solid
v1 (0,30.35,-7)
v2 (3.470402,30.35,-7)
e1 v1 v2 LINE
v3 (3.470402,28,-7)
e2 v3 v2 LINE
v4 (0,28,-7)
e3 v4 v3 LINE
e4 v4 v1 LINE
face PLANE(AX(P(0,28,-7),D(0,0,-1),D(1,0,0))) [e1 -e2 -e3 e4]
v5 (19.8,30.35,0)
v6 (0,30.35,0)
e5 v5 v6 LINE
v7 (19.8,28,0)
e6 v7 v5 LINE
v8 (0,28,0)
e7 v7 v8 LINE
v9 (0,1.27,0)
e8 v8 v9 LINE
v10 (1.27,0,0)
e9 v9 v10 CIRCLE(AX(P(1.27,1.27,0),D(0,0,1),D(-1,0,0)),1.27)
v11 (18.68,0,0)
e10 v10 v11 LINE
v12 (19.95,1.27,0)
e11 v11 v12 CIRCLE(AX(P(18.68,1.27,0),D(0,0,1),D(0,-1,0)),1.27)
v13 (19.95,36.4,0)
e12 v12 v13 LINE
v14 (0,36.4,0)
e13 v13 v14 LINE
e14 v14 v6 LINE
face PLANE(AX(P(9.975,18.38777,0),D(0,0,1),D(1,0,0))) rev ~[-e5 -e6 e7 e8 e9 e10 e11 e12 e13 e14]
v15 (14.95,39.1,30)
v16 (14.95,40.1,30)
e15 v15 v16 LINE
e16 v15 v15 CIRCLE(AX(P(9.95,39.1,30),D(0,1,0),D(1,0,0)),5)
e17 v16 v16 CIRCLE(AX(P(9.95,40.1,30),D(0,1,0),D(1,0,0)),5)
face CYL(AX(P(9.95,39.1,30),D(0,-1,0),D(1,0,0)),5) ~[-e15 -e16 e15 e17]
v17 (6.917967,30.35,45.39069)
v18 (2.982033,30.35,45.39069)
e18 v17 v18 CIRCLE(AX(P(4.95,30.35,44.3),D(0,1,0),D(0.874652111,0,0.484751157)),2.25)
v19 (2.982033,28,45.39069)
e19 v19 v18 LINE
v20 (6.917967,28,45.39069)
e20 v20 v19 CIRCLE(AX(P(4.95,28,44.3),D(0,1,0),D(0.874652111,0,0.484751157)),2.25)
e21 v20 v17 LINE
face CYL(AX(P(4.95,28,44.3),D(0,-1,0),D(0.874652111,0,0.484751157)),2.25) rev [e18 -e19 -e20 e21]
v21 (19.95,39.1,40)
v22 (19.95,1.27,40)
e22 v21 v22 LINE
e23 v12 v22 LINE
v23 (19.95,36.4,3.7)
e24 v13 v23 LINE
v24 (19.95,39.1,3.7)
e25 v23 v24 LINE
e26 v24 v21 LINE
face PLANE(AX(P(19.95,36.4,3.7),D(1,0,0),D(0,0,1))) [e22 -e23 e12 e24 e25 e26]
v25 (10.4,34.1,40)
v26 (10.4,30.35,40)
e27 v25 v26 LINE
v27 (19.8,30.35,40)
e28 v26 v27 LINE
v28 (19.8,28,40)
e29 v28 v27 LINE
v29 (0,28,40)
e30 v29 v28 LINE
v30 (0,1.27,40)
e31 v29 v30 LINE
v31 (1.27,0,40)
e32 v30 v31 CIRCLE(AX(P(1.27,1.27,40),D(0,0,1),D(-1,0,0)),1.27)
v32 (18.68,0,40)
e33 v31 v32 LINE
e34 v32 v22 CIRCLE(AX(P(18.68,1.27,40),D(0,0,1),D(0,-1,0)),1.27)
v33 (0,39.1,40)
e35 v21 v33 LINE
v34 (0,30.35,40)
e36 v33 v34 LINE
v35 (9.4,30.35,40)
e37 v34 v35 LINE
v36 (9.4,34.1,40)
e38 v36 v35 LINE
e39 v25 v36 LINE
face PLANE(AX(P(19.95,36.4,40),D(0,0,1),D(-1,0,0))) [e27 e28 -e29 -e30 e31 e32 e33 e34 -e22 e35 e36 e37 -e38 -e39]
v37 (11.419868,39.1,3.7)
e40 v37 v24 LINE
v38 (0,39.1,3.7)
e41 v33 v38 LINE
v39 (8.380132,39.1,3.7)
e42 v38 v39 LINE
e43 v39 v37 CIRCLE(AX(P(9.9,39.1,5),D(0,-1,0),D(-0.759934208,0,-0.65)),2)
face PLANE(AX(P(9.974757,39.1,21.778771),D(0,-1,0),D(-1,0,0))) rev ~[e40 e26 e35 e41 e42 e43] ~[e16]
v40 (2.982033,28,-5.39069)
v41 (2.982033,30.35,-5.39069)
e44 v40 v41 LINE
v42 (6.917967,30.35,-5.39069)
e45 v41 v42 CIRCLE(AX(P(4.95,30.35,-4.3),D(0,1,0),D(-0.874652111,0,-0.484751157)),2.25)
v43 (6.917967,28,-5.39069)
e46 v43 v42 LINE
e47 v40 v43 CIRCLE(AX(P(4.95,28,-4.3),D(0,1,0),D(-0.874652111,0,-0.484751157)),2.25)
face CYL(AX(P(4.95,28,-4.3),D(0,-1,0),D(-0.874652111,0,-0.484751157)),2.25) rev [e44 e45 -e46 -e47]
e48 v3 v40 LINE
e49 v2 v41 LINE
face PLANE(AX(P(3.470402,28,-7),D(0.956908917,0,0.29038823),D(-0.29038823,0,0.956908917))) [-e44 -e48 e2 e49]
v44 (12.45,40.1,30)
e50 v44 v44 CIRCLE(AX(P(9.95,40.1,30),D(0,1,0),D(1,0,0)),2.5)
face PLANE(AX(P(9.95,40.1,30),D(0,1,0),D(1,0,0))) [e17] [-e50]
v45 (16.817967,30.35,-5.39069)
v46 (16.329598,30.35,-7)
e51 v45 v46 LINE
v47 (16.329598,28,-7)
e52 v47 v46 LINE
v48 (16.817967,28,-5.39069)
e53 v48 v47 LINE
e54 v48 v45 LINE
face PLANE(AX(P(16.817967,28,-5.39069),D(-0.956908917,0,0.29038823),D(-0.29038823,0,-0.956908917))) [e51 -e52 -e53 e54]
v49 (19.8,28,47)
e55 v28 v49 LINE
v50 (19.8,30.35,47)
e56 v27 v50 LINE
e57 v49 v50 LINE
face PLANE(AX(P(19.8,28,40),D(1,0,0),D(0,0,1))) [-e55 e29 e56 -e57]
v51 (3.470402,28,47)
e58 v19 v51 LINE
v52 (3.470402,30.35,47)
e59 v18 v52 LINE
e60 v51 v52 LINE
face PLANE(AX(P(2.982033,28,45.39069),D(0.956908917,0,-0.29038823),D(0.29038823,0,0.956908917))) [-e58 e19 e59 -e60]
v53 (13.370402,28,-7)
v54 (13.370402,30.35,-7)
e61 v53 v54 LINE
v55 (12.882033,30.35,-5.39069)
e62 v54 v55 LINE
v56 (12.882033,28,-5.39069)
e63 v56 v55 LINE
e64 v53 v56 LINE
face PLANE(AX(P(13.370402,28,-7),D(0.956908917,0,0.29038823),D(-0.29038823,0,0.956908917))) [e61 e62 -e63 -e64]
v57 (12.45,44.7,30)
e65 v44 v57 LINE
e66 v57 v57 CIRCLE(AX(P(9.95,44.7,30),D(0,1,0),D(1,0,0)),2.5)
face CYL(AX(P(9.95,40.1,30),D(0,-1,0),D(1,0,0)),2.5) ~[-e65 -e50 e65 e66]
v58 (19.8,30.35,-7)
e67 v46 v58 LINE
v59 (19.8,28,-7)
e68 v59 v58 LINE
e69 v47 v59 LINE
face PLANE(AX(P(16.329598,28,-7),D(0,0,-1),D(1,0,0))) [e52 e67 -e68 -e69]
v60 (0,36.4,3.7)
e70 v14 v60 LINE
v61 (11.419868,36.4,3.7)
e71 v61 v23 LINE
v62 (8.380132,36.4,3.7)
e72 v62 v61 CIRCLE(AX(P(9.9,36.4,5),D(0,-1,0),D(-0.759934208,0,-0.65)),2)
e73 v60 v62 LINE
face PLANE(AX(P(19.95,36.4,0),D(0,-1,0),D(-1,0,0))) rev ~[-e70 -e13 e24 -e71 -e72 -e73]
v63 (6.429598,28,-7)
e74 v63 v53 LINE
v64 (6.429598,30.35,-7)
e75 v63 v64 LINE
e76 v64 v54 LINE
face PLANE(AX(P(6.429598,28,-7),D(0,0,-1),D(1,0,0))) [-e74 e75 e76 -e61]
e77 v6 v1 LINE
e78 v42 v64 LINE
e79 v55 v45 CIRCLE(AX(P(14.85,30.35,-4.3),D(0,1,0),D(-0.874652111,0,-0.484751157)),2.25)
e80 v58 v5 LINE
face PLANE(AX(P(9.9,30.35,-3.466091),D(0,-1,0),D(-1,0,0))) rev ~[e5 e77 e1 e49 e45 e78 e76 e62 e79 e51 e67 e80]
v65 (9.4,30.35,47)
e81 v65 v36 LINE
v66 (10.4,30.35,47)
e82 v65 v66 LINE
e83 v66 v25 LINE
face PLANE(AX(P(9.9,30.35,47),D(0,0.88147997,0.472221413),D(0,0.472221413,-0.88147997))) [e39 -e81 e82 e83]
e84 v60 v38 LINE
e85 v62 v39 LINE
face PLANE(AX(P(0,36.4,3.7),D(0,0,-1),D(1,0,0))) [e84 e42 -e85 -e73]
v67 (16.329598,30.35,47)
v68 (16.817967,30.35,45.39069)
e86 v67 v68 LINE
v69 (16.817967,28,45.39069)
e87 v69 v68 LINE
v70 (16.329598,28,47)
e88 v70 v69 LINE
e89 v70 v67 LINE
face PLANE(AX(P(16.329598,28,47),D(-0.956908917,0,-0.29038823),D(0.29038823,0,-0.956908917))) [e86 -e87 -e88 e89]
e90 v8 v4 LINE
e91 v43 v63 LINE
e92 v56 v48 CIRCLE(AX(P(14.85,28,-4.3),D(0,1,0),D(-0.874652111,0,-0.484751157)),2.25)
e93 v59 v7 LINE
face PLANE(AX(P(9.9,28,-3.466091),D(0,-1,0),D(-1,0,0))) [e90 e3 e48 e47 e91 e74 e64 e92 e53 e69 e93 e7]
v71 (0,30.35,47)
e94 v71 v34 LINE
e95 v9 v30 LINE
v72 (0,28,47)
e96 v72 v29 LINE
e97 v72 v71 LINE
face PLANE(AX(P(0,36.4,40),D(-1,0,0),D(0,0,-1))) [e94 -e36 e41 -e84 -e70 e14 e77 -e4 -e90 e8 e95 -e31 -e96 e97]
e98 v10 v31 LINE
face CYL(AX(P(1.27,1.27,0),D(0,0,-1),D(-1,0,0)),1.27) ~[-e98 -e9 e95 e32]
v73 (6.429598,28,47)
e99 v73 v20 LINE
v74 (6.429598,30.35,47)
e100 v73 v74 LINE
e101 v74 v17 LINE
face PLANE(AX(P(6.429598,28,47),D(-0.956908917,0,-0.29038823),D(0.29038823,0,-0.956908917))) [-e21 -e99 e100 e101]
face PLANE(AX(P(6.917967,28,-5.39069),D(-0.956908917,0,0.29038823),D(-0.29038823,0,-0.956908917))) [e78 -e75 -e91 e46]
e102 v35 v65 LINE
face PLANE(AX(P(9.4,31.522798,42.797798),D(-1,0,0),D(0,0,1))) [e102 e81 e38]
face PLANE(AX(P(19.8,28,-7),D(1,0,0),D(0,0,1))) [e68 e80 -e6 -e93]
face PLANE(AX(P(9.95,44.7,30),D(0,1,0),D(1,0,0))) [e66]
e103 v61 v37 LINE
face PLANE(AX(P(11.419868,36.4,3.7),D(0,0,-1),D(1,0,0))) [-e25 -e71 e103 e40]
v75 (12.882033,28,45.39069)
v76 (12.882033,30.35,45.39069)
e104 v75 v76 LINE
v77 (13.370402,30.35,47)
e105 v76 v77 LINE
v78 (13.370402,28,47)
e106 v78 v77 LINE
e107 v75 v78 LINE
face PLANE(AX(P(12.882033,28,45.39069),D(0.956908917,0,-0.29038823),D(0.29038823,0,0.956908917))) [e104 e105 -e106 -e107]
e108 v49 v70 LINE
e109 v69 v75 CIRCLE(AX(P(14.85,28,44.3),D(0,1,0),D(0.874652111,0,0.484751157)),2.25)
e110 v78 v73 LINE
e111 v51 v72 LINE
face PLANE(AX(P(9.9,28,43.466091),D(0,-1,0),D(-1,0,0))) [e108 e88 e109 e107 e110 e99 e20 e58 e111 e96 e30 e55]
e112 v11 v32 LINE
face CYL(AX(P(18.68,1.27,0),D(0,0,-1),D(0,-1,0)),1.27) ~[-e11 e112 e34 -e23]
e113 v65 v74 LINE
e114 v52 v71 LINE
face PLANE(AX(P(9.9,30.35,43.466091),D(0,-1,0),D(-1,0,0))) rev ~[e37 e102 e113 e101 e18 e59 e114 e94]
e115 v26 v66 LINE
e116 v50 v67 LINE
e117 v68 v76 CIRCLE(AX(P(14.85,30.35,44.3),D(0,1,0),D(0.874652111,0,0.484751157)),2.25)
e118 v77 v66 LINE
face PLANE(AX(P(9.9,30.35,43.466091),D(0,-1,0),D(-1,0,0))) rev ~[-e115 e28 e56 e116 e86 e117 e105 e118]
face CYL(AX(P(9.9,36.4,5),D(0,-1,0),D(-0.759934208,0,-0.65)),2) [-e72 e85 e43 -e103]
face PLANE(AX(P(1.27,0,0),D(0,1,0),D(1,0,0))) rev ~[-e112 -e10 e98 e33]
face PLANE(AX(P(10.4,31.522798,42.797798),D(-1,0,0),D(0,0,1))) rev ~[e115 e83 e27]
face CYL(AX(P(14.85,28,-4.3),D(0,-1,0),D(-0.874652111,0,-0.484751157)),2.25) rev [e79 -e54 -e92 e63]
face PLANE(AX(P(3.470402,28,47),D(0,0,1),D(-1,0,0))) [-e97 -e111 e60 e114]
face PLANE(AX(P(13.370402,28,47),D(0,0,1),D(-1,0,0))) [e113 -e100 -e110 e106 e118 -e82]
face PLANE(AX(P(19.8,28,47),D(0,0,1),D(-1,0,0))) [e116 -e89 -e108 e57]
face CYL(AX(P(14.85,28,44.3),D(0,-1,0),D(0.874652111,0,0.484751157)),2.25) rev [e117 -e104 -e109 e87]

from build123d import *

# Parameters (mm, degrees)
BOSS_EXTRUDE1_DEPTH = 40
BOSS_EXTRUDE3_DEPTH = 2.35
BOSS_EXTRUDE4_DEPTH = 2.7
SKETCH7_R           = 5
BOSS_EXTRUDE5_DEPTH = 1
SKETCH8_R           = 2.5
BOSS_EXTRUDE6_DEPTH = 4.6
BOSS_EXTRUDE7_DEPTH = 0.5


with BuildPart() as part:
    # Sketch1 → Boss-Extrude1 (new body)
    with BuildSketch(Plane.XY):
        with BuildLine():
            Line((1.27, 0), (18.68, 0))
            ThreePointArc((18.68, 0), (19.578025612, 0.371974388), (19.95, 1.27))
            Line((19.95, 1.27), (19.95, 36.4))
            Line((19.95, 36.4), (0, 36.4))
            Line((0, 36.4), (0, 1.27))
            ThreePointArc((0, 1.27), (0.371974388, 0.371974388), (1.27, 0))
        make_face()
    extrude(amount=BOSS_EXTRUDE1_DEPTH)

    # Sketch5 → Boss-Extrude3 (add)
    with BuildSketch(Plane(origin=(0, 28, 0), x_dir=(-1, 0, 0), z_dir=(0, -1, 0))):
        with BuildLine():
            Line((0, 0), (0, 7))
            Line((0, 7), (-3.470401751, 7))
            Line((-3.470401751, 7), (-2.98203275, 5.390690104))
            ThreePointArc((-2.98203275, 5.390690104), (-4.95, 2.05), (-6.91796725, 5.390690104))
            Line((-6.91796725, 5.390690104), (-6.429598249, 7))
            Line((-6.429598249, 7), (-13.370401751, 7))
            Line((-13.370401751, 7), (-12.88203275, 5.390690104))
            ThreePointArc((-12.88203275, 5.390690104), (-14.85, 2.05), (-16.81796725, 5.390690104))
            Line((-16.81796725, 5.390690104), (-16.329598249, 7))
            Line((-16.329598249, 7), (-19.8, 7))
            Line((-19.8, 7), (-19.8, 0))
            Line((-19.8, 0), (0, 0))
        make_face()
        with BuildLine():
            Line((-16.329598249, -47), (-16.81796725, -45.390690104))
            ThreePointArc((-16.81796725, -45.390690104), (-14.85, -42.05), (-12.88203275, -45.390690104))
            Line((-12.88203275, -45.390690104), (-13.370401751, -47))
            Line((-13.370401751, -47), (-6.429598249, -47))
            Line((-6.429598249, -47), (-6.91796725, -45.390690104))
            ThreePointArc((-6.91796725, -45.390690104), (-4.95, -42.05), (-2.98203275, -45.390690104))
            Line((-2.98203275, -45.390690104), (-3.470401751, -47))
            Line((-3.470401751, -47), (0, -47))
            Line((0, -47), (0, -40))
            Line((0, -40), (-19.8, -40))
            Line((-19.8, -40), (-19.8, -47))
            Line((-19.8, -47), (-16.329598249, -47))
        make_face()
    extrude(amount=-BOSS_EXTRUDE3_DEPTH)

    # Sketch6 → Boss-Extrude4 (add)
    with BuildSketch(Plane(origin=(0, 36.4, 0), x_dir=(1, 0, 0), z_dir=(0, 1, 0))):
        with BuildLine():
            Line((19.95, -3.7), (19.95, -40))
            Line((19.95, -40), (0, -40))
            Line((0, -40), (0, -3.7))
            Line((0, -3.7), (8.380131585, -3.7))
            ThreePointArc((8.380131585, -3.7), (9.9, -3), (11.419868415, -3.7))
            Line((11.419868415, -3.7), (19.95, -3.7))
        make_face()
    extrude(amount=BOSS_EXTRUDE4_DEPTH)

    # Sketch7 → Boss-Extrude5 (add)
    with BuildSketch(Plane(origin=(0, 39.1, 0), x_dir=(1, 0, 0), z_dir=(0, 1, 0))):
        with Locations((9.95, -30)):
            Circle(SKETCH7_R)
    extrude(amount=BOSS_EXTRUDE5_DEPTH)

    # Sketch8 → Boss-Extrude6 (add)
    with BuildSketch(Plane(origin=(0, 40.1, 0), x_dir=(1, 0, 0), z_dir=(0, 1, 0))):
        with Locations((9.95, -30)):
            Circle(SKETCH8_R)
    extrude(amount=BOSS_EXTRUDE6_DEPTH)

    # Sketch9 → Boss-Extrude7 (add, symmetric)
    with BuildSketch(Plane.ZY.offset(-9.9)):
        Polygon((47, 30.35), (40, 34.1), (40, 30.35), align=None)
    extrude(amount=BOSS_EXTRUDE7_DEPTH, both=True)


solid = part.part
